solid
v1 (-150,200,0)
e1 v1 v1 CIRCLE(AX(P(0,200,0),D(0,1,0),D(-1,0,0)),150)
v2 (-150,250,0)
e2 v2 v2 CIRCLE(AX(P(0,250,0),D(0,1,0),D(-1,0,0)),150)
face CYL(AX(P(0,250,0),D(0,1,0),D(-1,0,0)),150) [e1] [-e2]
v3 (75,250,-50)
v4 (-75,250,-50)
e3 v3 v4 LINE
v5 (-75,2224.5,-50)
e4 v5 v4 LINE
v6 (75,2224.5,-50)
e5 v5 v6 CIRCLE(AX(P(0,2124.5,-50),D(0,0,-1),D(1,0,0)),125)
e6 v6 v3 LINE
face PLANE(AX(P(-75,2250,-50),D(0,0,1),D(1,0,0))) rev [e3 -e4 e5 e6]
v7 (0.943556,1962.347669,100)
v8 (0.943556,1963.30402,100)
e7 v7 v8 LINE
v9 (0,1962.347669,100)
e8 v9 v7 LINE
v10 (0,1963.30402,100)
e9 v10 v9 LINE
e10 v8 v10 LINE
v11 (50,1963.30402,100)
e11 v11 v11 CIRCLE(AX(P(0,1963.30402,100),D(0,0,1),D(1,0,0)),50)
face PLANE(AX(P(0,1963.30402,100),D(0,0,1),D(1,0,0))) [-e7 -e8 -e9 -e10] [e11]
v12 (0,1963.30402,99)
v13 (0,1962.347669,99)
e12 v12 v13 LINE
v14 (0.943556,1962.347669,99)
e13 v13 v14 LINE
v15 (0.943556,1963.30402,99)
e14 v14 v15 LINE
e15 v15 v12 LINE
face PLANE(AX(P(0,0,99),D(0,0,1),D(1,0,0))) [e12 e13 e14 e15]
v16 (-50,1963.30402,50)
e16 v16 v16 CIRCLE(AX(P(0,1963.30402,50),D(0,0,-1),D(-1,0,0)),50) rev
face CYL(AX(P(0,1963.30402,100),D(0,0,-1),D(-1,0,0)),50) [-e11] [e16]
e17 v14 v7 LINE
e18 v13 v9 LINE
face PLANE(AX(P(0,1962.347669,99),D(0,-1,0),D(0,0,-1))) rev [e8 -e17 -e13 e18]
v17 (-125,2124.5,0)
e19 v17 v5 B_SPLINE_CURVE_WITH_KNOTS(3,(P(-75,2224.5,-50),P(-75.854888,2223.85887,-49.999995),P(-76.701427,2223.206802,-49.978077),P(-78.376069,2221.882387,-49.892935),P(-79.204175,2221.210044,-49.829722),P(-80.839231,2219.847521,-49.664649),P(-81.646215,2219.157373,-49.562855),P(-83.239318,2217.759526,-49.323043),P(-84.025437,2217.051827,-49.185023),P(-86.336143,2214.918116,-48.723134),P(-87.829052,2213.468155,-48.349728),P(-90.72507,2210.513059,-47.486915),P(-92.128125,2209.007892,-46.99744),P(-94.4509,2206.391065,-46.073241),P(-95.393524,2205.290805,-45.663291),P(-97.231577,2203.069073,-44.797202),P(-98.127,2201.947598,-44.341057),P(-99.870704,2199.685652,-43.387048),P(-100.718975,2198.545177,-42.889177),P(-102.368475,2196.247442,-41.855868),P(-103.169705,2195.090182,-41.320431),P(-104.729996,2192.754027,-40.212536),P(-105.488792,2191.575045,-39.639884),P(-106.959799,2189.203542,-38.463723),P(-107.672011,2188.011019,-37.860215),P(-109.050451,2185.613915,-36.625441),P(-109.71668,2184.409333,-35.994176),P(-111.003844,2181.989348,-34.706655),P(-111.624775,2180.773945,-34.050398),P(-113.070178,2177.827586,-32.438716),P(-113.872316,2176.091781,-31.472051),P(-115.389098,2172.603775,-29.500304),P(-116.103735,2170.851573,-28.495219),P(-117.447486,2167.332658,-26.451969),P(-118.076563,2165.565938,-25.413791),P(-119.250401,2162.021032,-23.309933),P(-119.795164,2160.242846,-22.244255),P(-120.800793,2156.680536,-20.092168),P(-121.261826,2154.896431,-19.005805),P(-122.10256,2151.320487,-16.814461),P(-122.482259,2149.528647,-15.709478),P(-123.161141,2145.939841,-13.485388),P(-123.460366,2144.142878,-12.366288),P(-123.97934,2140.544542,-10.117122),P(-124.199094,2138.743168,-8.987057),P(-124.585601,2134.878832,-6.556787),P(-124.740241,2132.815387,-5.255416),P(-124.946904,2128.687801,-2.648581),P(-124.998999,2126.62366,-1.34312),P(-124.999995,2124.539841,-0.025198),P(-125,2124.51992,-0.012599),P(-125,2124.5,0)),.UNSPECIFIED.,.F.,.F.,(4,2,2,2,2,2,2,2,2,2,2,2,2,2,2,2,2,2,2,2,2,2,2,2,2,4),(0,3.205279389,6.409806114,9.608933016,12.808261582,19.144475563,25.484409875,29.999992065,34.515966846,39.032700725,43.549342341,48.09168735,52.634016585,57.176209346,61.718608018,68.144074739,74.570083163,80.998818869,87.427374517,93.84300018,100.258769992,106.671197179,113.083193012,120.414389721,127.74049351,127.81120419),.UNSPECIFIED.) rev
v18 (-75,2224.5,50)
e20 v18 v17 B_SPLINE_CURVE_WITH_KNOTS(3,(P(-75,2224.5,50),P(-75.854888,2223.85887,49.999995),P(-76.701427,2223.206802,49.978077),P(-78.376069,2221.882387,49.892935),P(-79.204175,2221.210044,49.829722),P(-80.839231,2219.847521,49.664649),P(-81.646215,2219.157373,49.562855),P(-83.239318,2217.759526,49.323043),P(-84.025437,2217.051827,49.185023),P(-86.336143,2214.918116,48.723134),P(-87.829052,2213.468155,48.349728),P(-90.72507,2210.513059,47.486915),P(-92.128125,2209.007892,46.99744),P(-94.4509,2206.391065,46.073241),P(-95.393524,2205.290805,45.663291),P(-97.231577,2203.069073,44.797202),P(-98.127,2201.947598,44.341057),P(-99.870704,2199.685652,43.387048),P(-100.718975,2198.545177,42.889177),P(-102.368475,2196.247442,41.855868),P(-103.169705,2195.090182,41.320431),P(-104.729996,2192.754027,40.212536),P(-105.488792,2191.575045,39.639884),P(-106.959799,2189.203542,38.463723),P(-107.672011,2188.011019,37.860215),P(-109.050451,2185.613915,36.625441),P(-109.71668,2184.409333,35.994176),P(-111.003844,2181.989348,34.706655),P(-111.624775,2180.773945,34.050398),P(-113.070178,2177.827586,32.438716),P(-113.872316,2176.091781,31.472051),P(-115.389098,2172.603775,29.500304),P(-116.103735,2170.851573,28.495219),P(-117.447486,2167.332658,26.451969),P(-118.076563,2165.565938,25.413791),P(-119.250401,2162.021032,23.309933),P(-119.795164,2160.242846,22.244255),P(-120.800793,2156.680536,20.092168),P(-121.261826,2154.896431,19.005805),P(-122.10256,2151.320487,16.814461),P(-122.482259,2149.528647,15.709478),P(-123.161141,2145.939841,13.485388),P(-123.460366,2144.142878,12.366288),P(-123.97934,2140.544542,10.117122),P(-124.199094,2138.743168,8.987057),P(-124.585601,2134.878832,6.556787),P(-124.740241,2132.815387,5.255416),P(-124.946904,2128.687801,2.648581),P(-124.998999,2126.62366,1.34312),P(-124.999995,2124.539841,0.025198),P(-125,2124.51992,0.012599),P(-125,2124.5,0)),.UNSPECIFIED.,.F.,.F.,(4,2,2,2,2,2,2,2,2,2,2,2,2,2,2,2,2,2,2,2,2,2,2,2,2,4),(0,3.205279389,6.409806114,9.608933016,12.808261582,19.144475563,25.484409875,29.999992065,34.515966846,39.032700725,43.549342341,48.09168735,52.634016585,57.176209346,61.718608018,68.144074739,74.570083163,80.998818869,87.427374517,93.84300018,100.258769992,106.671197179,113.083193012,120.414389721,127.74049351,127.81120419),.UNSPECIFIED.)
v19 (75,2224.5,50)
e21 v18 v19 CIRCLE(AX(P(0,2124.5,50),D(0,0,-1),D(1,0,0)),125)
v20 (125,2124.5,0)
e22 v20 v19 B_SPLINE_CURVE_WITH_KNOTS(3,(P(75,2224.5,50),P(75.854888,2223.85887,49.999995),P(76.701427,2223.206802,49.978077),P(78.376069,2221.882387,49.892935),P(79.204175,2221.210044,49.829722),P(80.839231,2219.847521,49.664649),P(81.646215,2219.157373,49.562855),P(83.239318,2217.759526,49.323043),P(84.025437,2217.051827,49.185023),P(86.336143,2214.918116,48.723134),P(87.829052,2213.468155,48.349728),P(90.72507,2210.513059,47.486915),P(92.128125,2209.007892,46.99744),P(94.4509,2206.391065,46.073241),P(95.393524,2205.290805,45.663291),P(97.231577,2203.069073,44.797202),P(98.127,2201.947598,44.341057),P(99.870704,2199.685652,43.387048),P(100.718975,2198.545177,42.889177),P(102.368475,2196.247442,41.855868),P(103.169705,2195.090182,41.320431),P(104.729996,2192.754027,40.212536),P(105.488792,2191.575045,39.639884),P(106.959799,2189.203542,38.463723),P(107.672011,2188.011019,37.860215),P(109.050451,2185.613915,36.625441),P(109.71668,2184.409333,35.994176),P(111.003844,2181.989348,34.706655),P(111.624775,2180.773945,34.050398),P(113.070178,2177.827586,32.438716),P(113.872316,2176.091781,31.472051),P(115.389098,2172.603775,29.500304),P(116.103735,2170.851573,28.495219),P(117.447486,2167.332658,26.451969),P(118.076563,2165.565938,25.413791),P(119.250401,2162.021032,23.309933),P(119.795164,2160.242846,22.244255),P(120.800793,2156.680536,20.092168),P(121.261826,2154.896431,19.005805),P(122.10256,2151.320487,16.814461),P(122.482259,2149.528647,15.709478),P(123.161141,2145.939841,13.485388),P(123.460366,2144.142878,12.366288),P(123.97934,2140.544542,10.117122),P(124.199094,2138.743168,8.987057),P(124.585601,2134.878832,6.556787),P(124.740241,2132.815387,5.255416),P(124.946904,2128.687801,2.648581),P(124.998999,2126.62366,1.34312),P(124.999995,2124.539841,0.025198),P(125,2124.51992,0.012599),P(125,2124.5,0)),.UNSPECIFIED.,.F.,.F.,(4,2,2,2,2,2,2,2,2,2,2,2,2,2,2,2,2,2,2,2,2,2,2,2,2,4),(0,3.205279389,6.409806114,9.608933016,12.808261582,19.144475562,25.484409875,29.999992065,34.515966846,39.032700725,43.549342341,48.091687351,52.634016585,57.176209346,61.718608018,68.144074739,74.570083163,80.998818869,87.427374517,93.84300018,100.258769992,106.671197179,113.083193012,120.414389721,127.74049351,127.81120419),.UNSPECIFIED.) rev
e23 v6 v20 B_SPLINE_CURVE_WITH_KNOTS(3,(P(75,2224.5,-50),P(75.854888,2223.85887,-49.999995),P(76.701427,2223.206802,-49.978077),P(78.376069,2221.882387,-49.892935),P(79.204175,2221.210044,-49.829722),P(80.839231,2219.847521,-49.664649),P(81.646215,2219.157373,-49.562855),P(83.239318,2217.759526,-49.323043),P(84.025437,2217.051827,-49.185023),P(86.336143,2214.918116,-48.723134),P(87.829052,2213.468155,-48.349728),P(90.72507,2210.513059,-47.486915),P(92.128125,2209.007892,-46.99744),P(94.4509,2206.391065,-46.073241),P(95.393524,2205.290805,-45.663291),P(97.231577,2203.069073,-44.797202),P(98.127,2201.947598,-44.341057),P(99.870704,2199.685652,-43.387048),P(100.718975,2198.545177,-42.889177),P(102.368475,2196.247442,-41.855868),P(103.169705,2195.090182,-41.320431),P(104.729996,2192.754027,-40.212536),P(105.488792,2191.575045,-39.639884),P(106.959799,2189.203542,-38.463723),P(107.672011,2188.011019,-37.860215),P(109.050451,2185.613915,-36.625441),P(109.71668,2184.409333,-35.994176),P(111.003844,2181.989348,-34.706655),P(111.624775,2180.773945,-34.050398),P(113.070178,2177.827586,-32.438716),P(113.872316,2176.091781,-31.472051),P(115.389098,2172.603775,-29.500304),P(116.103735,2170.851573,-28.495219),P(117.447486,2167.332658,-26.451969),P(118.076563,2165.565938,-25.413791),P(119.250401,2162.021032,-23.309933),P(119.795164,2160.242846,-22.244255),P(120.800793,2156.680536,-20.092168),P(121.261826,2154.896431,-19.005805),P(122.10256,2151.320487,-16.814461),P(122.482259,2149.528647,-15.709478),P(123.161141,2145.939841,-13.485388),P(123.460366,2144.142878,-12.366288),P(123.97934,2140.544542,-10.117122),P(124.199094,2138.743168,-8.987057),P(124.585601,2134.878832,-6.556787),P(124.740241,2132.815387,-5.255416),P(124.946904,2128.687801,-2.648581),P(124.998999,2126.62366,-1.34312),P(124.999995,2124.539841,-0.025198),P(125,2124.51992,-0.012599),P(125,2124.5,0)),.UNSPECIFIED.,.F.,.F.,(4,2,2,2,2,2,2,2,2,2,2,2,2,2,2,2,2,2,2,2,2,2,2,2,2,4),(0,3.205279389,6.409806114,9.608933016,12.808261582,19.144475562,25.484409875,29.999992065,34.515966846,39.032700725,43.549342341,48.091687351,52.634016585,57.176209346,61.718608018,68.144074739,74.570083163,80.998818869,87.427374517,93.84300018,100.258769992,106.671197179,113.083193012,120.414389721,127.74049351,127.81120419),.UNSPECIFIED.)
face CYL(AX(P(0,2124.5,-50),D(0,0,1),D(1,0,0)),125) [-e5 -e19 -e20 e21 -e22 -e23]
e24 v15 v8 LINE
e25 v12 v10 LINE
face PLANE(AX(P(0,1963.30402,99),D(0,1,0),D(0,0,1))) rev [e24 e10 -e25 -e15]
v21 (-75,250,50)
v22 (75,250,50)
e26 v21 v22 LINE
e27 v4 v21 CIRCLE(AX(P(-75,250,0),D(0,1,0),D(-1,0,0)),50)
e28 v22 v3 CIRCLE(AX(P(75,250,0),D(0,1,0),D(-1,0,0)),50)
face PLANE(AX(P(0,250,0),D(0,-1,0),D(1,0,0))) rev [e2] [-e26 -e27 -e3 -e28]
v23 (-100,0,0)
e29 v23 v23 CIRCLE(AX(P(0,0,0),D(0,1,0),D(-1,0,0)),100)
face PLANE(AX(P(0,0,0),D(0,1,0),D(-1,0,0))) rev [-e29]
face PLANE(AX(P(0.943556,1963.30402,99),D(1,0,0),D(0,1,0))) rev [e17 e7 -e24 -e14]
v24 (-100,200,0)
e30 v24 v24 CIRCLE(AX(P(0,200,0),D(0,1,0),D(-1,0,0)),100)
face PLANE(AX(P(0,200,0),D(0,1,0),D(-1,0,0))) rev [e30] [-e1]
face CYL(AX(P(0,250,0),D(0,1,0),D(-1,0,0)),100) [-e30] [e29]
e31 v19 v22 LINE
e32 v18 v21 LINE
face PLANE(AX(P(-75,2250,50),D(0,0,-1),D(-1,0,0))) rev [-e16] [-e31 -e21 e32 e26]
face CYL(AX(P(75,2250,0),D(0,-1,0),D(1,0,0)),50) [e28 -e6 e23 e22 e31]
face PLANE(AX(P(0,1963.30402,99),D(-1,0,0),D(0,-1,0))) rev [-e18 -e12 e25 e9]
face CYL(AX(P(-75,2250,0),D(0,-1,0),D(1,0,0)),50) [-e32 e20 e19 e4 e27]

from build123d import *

# Parameters (mm, degrees)
BOSS_EXTRUDE1_DEPTH = 2000
CUT_EXTRUDE1_DEPTH  = 100
SKETCH9_R           = 50
BOSS_EXTRUDE2_DEPTH = 50
SKETCH10_W          = 0.943556428
SKETCH10_H          = 0.956350413
CUT_EXTRUDE2_DEPTH  = 1


with BuildPart() as part:
    # Sketch4 → Revolve1 (revolve)
    with BuildSketch(Plane.XY):
        Polygon((0, 250), (0, 0), (100, 0), (100, 200), (150, 200), (150, 250), align=None)
    revolve(axis=Axis((0, 250, 0), (0, -1, 0)))

    # Sketch7 → Boss-Extrude1 (add)
    with BuildSketch(Plane(origin=(0, 250, 0), x_dir=(1, 0, 0), z_dir=(0, 1, 0))):
        with BuildLine():
            Line((-75, 50), (75, 50))
            ThreePointArc((75, 50), (125, 0), (75, -50))
            Line((75, -50), (-75, -50))
            ThreePointArc((-75, -50), (-125, 0), (-75, 50))
        make_face()
    extrude(amount=BOSS_EXTRUDE1_DEPTH)

    # Sketch8 → Cut-Extrude1 (cut)
    with BuildSketch(Plane.XY.offset(50)):
        with BuildLine():
            Line((-125, 2124.5), (-125, 2250))
            Line((-125, 2250), (125, 2250))
            Line((125, 2250), (125, 2124.5))
            ThreePointArc((125, 2124.5), (0, 2249.5), (-125, 2124.5))
        make_face()
    extrude(amount=-CUT_EXTRUDE1_DEPTH, mode=Mode.SUBTRACT)

    # Sketch9 → Boss-Extrude2 (add)
    with BuildSketch(Plane.XY.offset(50)):
        with Locations((0, 1963.304019878)):
            Circle(SKETCH9_R)
    extrude(amount=BOSS_EXTRUDE2_DEPTH)

    # Sketch10 → Cut-Extrude2 (cut)
    with BuildSketch(Plane.XY.offset(100)):
        with Locations((0.471778214, 1962.825844672)):
            Rectangle(SKETCH10_W, SKETCH10_H)
    extrude(amount=-CUT_EXTRUDE2_DEPTH, mode=Mode.SUBTRACT)


solid = part.part
